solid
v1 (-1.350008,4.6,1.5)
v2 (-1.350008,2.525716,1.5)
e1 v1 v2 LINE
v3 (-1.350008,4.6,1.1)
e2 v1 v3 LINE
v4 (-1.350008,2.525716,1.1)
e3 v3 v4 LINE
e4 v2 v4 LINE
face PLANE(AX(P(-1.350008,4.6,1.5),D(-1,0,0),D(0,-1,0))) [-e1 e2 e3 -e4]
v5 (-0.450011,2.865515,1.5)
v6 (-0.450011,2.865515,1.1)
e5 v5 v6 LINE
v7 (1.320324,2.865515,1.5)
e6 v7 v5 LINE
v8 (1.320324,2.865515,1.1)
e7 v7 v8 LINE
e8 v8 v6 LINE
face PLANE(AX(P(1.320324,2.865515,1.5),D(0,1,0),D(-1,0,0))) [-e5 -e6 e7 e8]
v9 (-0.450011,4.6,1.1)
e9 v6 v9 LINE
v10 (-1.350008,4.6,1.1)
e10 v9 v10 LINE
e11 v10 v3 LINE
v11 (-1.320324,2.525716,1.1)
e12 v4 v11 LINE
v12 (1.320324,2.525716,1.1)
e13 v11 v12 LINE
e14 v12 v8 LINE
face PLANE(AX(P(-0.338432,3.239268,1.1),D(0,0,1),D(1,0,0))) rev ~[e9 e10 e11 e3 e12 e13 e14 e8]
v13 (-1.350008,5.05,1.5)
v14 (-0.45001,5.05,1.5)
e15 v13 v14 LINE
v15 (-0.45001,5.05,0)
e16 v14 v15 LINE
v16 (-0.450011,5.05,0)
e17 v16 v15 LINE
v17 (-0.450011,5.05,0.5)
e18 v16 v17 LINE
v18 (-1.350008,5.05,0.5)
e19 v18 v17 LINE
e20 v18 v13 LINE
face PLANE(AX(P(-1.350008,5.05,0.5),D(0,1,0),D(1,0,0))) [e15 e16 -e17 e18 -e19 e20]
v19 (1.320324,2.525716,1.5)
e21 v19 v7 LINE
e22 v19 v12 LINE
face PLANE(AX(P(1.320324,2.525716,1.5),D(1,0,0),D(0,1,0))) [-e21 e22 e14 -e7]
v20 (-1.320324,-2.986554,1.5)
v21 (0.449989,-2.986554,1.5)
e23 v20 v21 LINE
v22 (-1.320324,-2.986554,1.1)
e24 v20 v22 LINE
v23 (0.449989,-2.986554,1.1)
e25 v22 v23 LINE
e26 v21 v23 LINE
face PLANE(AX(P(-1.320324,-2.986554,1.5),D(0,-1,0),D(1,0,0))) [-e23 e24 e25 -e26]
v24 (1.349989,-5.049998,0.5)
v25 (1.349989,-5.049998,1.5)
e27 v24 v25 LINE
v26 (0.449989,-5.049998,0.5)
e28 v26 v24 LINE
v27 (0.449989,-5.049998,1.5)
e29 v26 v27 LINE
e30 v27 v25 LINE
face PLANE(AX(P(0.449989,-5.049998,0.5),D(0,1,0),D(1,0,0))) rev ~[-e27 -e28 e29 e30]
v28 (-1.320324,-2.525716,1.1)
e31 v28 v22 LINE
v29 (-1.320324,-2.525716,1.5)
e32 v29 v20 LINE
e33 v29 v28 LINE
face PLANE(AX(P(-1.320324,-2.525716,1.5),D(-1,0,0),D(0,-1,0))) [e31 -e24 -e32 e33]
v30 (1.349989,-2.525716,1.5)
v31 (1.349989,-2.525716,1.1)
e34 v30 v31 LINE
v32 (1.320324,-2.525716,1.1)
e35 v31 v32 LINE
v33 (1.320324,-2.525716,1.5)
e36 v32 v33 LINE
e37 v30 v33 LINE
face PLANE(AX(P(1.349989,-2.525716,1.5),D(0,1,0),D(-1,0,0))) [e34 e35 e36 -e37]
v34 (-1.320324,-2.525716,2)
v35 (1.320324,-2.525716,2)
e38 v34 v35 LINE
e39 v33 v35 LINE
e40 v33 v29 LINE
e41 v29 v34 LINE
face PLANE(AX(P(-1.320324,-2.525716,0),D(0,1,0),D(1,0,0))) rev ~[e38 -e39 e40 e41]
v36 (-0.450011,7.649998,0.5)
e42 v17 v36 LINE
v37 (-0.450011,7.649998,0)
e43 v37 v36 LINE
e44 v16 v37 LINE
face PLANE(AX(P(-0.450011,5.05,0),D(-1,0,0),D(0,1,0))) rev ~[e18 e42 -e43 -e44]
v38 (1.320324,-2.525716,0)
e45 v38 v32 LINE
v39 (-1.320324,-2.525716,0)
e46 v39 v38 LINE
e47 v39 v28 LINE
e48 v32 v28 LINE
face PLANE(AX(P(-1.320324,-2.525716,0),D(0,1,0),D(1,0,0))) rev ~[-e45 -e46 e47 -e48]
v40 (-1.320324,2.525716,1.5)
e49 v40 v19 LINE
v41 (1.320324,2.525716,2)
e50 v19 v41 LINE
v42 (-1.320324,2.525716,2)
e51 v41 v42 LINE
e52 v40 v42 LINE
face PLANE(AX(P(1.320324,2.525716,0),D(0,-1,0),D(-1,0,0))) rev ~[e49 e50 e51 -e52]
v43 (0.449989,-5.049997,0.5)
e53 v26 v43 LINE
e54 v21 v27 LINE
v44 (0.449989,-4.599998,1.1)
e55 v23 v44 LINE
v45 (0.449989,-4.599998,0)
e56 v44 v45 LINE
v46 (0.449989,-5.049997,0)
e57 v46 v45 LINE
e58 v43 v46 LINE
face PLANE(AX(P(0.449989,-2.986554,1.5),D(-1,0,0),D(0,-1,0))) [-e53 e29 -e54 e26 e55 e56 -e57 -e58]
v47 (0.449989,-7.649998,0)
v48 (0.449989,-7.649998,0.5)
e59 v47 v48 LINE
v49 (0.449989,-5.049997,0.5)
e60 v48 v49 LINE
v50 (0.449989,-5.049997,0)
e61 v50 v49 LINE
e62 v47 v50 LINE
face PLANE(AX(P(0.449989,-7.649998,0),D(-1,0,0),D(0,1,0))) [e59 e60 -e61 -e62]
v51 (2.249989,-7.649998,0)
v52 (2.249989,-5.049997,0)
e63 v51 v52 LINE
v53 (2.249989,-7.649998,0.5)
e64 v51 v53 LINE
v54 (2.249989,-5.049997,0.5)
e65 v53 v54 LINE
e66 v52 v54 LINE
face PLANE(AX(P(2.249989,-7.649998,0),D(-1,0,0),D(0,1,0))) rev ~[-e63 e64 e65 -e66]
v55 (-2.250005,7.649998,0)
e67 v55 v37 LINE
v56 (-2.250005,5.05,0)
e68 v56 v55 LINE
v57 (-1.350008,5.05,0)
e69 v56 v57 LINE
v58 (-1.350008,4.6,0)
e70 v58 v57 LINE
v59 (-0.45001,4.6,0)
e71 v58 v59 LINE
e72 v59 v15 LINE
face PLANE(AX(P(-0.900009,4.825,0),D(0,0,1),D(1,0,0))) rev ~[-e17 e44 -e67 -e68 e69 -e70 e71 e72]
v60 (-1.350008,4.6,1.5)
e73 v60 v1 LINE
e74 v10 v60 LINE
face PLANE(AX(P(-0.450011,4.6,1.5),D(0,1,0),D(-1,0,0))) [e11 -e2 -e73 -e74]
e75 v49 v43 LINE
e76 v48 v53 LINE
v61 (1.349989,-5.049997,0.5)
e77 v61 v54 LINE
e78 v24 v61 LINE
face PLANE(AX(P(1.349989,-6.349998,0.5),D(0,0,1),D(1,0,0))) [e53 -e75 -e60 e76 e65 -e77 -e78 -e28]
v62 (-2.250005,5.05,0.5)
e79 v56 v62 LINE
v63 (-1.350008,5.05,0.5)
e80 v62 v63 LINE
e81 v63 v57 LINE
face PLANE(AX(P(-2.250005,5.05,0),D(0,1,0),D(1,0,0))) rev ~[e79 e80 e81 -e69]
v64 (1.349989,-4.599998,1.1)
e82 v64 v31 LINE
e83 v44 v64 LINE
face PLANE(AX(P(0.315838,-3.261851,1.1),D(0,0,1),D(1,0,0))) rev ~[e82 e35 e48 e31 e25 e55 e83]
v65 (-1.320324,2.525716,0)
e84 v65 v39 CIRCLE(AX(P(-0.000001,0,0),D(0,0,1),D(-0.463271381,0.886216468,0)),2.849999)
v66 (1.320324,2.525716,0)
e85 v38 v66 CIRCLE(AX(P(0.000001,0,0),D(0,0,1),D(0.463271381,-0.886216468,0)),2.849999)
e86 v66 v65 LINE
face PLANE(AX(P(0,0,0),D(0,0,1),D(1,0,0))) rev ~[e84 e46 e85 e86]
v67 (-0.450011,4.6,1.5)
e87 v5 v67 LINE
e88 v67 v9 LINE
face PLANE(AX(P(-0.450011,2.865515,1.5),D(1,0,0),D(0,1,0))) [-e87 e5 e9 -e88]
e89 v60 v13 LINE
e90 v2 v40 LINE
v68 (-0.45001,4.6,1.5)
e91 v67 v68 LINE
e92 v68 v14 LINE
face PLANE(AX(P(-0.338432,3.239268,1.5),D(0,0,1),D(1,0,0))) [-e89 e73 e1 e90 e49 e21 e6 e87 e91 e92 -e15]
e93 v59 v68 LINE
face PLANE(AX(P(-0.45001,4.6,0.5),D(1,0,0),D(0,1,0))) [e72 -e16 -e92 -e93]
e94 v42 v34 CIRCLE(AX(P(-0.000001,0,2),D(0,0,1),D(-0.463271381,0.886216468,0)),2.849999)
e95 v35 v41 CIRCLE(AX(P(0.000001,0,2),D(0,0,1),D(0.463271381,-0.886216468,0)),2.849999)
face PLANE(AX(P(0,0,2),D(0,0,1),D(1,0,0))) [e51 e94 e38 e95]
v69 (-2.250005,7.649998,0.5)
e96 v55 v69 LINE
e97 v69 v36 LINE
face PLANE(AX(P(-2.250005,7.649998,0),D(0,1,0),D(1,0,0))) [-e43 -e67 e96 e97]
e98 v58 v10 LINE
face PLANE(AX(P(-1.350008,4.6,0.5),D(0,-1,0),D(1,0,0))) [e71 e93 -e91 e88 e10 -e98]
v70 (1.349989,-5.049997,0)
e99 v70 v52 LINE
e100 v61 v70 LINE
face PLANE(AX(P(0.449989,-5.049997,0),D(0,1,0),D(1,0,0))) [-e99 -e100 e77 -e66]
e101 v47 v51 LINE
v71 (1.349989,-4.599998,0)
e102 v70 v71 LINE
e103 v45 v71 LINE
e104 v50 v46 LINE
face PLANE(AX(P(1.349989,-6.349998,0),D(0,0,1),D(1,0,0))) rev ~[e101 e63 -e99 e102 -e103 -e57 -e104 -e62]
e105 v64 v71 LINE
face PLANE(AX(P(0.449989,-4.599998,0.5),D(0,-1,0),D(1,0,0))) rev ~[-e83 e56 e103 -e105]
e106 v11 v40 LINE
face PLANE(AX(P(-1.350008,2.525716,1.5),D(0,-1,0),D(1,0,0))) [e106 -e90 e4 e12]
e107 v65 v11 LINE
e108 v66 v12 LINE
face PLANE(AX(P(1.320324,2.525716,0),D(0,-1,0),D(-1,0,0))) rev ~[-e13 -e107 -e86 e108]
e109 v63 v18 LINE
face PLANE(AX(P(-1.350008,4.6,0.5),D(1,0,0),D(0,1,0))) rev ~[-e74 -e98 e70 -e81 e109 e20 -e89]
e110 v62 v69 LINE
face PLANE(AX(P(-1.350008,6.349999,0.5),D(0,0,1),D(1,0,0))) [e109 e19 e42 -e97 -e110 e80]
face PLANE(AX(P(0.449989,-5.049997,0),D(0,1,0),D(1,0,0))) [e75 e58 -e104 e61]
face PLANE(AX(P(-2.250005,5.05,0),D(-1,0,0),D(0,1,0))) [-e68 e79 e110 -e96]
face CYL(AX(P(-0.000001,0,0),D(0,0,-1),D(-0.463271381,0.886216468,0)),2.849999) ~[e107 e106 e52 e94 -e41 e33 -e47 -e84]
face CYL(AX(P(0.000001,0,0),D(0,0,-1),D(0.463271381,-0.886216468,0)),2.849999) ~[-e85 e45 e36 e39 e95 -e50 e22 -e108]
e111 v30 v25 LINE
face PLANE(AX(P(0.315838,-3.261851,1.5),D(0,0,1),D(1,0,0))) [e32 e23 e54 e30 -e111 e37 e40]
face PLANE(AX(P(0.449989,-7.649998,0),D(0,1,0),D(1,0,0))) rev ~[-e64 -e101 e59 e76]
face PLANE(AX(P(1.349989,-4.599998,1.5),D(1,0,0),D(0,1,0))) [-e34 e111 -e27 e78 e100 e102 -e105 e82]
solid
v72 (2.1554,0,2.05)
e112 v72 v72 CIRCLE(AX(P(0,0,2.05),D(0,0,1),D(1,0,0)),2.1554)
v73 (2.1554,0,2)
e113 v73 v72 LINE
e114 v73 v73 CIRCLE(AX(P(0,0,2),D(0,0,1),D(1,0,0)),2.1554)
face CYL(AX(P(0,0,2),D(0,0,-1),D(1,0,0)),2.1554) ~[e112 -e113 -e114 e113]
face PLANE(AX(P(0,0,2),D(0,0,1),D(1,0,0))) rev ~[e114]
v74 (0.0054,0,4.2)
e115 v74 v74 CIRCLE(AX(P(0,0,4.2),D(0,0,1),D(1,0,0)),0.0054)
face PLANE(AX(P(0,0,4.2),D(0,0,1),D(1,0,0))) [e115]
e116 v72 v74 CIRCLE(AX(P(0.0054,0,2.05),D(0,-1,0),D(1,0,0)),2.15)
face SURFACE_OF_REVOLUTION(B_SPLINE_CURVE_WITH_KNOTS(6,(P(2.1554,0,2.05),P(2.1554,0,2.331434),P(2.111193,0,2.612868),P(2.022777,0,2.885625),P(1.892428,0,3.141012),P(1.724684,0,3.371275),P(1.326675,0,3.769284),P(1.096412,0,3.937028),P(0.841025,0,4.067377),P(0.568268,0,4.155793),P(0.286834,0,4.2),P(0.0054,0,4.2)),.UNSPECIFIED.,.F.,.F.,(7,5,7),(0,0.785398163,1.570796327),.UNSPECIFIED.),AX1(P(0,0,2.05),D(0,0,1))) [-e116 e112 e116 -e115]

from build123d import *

# Parameters (mm, degrees)
F0_W          = 1.799994
F0_H          = 2.599999
F0_W_2        = 1.800001
F0_H_2        = 2.600001
F1_DEPTH      = 0.5
F2_DEPTH      = 2
F3_W          = 0.9
F3_H          = 0.45
F3_W_2        = 0.899997
F4_DEPTH      = 1
F4_DEPTH_BACK = 0.5
F6_DEPTH      = 0.4
F7_R          = 2.1554
F8_DEPTH      = 2.2
F9_R          = 2.15


with BuildPart() as f1:
    # F0 (on Top) → F1 (new body)
    with BuildSketch(Plane.XY):
        with Locations((-1.350008, 6.349999)):
            Rectangle(F0_W, F0_H)
        with Locations((1.349989, -6.349998)):
            Rectangle(F0_W_2, F0_H_2)
    extrude(amount=F1_DEPTH)

    # F3 (on face) → F4 (join, two sides)
    with BuildSketch(Plane.XY.offset(0.5)) as f4_sk:
        with Locations((0.899989, -4.824998)):
            Rectangle(F3_W, F3_H)
        with Locations((-0.900009, 4.825)):
            Rectangle(F3_W_2, F3_H)
    extrude(amount=F4_DEPTH)
    extrude(f4_sk.sketch, amount=-F4_DEPTH_BACK)



with BuildPart() as f2:
    # F0 (on Top) → F2 (new body)
    with BuildSketch(Plane.XY):
        with BuildLine():
            Line((1.320324, 2.525716), (-1.320324, 2.525716))
            ThreePointArc((-1.320324, 2.525716), (-2.85, 0), (-1.320324, -2.525716))
            Line((-1.320324, -2.525716), (1.320324, -2.525716))
            ThreePointArc((1.320324, -2.525716), (2.85, 0), (1.320324, 2.525716))
        make_face()
    extrude(amount=F2_DEPTH)


with BuildPart() as f1_1:
    add(f1.part)

    add(f2.part)  # F6 merges F2
    # F5 (on face) → F6 (join)
    with BuildSketch(Plane.XY.offset(1.5)):
        Polygon((0.449989, -4.599998), (1.349989, -4.599998), (1.349989, -2.525716), (0.449989, -2.525716), (-1.320324, -2.525716), (-1.320324, -2.986554), (0.449989, -2.986554), align=None)
        Polygon((-0.450011, 4.6), (-1.350008, 4.6), (-1.350008, 2.525716), (-0.450011, 2.525716), (1.320324, 2.525716), (1.320324, 2.865515), (-0.450011, 2.865515), align=None)
    extrude(amount=-F6_DEPTH)


with BuildPart() as f8:
    # F7 (on face) → F8 (new body)
    with BuildSketch(Plane.XY.offset(2)):
        Circle(F7_R)
    extrude(amount=F8_DEPTH)

    # F9
    f9_edges = [f8.edges().sort_by_distance(p)[0] for p in [
        (-2.1554, 0, 4.2),
    ]]
    fillet(f9_edges, radius=F9_R)


solid = Compound([f1_1.part, f8.part])
